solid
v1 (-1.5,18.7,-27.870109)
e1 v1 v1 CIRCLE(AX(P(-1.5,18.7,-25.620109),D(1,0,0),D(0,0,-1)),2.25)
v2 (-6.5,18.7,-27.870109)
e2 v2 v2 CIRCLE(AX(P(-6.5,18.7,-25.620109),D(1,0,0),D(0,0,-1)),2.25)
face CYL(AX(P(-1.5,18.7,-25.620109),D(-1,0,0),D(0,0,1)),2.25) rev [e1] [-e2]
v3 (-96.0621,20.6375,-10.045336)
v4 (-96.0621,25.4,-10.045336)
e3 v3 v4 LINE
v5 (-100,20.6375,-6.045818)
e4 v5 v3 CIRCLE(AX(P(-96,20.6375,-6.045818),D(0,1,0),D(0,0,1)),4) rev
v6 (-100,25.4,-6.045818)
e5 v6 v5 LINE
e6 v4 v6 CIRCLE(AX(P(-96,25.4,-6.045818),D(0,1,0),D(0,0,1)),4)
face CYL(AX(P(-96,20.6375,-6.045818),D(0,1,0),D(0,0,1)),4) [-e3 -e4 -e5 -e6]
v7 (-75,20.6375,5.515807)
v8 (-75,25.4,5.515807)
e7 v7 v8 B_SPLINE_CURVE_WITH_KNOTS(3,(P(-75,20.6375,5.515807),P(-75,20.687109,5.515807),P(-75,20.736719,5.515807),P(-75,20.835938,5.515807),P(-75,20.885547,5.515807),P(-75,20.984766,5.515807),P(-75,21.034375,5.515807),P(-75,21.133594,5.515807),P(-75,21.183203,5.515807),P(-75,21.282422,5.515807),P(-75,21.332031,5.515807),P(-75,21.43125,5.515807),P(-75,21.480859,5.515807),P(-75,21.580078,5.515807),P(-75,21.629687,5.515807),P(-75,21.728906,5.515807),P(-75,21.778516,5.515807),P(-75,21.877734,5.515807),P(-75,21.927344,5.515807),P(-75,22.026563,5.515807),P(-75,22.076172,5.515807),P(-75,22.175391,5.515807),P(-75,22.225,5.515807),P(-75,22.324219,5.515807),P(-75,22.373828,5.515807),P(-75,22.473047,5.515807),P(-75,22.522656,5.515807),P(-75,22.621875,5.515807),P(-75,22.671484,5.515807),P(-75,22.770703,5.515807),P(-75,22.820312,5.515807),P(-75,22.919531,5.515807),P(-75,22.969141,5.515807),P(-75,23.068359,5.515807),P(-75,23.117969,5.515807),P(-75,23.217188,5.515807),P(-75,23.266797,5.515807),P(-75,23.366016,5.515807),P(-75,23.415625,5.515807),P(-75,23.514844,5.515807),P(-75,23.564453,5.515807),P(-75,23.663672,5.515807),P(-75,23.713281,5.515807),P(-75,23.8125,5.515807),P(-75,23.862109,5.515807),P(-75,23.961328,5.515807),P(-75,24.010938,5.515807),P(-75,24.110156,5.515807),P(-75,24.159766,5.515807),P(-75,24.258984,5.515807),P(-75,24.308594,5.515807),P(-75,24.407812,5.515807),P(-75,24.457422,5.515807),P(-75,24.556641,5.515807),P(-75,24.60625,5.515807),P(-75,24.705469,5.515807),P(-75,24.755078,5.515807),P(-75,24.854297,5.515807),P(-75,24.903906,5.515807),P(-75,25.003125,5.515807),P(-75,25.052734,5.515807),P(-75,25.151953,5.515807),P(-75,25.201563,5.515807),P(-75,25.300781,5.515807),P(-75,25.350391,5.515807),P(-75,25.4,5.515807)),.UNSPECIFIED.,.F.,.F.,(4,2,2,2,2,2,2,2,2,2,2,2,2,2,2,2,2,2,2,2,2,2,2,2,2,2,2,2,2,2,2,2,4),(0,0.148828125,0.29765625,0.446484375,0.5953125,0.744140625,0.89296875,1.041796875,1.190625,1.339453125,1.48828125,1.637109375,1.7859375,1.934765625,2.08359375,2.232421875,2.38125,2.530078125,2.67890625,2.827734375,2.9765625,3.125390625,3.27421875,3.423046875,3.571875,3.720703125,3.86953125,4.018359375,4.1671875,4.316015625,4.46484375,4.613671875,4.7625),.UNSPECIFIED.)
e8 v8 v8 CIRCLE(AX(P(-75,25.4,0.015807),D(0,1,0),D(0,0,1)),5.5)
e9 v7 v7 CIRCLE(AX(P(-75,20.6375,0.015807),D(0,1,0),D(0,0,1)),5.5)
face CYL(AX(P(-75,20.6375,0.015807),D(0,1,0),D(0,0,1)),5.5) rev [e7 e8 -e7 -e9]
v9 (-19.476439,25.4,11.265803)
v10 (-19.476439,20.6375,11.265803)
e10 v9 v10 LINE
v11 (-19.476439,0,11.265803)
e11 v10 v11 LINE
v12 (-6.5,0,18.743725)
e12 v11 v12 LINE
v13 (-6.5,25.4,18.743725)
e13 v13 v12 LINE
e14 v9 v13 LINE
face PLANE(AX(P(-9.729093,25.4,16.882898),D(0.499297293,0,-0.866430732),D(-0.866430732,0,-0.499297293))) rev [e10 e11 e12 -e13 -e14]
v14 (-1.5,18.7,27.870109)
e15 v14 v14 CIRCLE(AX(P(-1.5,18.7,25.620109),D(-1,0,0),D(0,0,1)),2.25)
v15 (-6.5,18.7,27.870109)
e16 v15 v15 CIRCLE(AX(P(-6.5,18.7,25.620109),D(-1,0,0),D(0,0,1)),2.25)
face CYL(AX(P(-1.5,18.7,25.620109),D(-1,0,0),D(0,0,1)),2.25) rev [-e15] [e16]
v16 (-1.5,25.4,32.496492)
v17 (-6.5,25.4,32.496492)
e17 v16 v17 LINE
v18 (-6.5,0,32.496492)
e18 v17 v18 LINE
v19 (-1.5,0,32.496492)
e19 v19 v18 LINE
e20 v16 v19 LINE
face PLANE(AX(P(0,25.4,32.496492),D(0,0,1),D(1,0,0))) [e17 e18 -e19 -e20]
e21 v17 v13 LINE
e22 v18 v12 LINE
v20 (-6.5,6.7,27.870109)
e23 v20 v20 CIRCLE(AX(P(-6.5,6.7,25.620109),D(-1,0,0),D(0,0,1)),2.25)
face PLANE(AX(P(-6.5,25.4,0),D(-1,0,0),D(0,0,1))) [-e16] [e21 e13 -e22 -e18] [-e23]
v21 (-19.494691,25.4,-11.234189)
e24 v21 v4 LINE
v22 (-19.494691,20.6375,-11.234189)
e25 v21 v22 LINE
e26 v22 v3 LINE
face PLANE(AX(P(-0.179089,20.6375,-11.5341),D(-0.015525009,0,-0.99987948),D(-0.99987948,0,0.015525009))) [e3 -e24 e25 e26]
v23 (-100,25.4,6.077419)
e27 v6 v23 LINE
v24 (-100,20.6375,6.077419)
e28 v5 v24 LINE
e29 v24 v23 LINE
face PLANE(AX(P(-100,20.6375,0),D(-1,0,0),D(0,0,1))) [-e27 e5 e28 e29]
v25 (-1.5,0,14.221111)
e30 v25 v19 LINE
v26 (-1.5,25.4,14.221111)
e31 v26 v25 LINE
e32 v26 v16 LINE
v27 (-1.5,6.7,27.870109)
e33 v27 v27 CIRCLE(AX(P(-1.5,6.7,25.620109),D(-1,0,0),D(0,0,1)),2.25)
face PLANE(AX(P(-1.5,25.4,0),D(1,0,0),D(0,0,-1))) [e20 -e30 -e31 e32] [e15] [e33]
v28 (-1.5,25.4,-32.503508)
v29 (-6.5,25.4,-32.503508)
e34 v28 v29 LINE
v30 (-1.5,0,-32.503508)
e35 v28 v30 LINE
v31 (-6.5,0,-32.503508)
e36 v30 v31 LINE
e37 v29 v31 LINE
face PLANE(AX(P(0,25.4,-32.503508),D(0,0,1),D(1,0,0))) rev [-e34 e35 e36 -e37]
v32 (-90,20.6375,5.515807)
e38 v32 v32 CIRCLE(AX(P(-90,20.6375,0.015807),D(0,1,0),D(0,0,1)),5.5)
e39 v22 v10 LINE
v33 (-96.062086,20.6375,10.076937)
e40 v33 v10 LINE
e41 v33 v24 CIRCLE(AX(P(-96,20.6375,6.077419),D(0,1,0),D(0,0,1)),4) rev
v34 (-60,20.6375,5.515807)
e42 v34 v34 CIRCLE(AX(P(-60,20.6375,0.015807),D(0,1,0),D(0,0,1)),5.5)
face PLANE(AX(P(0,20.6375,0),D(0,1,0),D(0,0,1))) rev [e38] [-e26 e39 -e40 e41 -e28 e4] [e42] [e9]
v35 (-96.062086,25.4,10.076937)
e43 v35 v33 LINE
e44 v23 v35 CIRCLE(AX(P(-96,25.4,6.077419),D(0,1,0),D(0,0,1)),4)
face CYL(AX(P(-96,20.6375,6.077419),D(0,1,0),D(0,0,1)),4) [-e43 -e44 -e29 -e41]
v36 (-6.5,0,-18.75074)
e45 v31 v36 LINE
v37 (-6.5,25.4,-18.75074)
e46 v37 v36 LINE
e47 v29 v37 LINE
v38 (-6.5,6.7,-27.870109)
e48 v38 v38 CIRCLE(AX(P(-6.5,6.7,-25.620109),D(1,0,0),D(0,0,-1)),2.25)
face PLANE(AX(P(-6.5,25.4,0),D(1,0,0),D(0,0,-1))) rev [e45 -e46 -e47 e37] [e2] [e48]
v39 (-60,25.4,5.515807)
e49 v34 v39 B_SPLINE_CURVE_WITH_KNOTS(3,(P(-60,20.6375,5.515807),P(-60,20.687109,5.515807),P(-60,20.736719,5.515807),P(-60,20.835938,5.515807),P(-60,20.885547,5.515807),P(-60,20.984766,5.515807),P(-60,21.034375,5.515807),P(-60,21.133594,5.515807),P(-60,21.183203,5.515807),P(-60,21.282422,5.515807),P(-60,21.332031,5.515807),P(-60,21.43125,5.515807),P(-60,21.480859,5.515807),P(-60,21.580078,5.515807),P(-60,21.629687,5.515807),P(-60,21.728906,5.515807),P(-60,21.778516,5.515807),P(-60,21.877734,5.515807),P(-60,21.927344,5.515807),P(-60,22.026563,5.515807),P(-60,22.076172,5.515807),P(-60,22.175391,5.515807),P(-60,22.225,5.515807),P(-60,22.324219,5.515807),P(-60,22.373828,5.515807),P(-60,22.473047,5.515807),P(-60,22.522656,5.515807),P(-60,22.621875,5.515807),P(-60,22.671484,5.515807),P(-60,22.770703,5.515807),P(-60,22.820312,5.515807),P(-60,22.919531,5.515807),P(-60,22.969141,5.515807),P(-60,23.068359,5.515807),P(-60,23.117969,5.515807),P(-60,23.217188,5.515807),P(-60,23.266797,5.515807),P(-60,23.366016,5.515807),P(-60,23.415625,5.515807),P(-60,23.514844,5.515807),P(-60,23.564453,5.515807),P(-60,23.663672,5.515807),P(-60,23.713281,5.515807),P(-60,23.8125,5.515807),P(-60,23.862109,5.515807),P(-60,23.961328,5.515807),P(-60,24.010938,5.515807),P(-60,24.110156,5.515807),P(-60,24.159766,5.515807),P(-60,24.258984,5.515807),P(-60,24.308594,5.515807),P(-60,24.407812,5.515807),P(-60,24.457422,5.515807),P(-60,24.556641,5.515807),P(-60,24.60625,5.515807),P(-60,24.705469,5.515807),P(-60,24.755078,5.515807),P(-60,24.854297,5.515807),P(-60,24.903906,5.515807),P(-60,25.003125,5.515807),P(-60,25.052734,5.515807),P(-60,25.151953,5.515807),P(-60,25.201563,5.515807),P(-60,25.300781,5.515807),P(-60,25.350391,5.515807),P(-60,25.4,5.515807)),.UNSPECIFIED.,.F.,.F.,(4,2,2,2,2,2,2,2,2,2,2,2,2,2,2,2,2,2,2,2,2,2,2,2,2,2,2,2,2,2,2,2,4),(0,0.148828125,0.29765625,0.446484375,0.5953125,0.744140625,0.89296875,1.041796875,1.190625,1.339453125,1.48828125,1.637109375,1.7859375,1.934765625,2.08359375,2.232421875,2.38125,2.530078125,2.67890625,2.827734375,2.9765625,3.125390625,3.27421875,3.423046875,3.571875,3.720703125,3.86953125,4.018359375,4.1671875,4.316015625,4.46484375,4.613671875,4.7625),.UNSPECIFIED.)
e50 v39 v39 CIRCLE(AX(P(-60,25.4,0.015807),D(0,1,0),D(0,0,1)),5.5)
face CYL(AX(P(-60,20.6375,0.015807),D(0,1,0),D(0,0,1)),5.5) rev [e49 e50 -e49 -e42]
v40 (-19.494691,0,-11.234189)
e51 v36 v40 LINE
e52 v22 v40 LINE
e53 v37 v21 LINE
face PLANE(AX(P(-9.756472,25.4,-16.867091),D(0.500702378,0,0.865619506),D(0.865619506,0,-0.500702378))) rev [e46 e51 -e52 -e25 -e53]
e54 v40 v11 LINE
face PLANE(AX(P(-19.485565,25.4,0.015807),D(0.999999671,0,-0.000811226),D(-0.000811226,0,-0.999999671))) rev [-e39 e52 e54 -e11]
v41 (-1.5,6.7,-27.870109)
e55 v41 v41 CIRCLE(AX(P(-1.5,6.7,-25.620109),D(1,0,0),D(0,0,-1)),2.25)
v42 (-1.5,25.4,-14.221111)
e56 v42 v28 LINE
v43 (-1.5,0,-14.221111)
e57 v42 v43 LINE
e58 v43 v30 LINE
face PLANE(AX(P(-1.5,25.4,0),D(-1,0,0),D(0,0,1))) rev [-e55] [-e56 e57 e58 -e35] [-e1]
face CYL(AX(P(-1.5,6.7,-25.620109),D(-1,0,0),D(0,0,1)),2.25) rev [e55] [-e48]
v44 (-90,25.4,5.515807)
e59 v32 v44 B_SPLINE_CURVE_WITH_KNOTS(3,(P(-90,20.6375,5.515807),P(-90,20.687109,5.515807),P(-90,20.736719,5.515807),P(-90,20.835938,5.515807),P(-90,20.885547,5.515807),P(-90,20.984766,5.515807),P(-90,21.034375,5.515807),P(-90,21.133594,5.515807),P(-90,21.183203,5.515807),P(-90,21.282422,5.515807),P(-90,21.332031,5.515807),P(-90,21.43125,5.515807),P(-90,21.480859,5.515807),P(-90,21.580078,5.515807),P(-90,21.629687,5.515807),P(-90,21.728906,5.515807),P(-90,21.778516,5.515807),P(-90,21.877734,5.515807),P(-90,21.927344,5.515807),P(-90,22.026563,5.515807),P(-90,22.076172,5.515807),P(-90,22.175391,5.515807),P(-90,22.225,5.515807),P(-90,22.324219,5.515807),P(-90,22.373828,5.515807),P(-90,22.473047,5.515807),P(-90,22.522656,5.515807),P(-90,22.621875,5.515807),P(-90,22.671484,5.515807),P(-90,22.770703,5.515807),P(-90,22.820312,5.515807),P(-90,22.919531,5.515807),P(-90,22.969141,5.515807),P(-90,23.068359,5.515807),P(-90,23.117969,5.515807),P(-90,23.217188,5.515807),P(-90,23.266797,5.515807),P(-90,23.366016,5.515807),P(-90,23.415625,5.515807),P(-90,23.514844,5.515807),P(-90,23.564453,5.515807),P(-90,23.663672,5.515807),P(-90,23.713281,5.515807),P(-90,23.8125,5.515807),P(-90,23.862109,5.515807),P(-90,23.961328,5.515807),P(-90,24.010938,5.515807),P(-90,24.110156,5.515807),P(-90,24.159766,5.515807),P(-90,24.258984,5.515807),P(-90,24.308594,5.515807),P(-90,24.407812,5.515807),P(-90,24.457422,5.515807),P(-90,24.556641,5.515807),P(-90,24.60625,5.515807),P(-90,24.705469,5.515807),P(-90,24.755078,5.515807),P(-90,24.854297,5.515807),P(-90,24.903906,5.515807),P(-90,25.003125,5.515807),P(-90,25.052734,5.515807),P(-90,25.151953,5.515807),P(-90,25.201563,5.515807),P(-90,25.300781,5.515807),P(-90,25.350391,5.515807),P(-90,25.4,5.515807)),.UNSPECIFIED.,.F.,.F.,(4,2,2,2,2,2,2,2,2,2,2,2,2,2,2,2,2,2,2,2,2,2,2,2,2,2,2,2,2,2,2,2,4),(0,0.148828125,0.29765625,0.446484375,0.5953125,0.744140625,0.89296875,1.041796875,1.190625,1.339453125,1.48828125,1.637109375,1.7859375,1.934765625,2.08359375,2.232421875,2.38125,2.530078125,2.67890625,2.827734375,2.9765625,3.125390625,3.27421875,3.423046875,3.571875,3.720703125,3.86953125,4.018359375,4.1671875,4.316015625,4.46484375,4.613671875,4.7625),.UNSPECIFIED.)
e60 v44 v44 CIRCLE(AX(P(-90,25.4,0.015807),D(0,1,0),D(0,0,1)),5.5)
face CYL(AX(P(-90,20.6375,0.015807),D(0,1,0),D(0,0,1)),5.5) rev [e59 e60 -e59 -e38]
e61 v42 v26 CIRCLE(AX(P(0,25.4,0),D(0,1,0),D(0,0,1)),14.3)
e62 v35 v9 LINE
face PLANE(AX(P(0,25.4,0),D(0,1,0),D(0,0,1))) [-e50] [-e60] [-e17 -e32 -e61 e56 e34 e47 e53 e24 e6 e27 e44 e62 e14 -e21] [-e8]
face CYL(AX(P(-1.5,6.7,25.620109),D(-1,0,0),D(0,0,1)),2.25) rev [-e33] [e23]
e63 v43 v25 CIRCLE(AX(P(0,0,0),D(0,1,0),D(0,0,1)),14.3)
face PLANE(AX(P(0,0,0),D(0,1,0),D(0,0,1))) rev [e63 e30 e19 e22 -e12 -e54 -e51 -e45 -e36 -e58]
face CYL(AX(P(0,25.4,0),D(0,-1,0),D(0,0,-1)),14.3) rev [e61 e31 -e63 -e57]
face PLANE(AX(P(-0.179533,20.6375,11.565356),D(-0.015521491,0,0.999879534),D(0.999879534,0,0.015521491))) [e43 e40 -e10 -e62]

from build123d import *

# Parameters (mm, degrees)
BOSS_EXTRUDE1_DEPTH = 25.4
SKETCH2_R           = 2.25
CUT_EXTRUDE1_DEPTH  = 44.249277532
SKETCH3_R           = 5.5
BOSS_EXTRUDE2_DEPTH = 4.7625
FILLET1_R           = 4


with BuildPart() as part:
    # Sketch1 → Boss-Extrude1 (new body)
    with BuildSketch(Plane(origin=(0, 0, 0), x_dir=(1, 0, 0), z_dir=(0, 1, 0))):
        Polygon((-6.5, 18.750739811), (-1.5, 21.642901866), (-1.5, 32.503507515), (-6.5, 32.503507515), align=None)
        with BuildLine():
            Line((-1.5, -21.625070485), (-1.5, -14.221111068))
            ThreePointArc((-1.5, -14.221111068), (-14.3, 0), (-1.5, 14.221111068))
            Line((-1.5, 14.221111068), (-1.5, 21.642901866))
            Line((-1.5, 21.642901866), (-6.5, 18.750739811))
            Line((-6.5, 18.750739811), (-19.494691465, 11.234189098))
            Line((-19.494691465, 11.234189098), (-19.476438882, -11.265803499))
            Line((-19.476438882, -11.265803499), (-6.5, -18.743724782))
            Line((-6.5, -18.743724782), (-1.5, -21.625070485))
        make_face()
        Polygon((-1.5, -32.496492485), (-1.5, -21.625070485), (-6.5, -18.743724782), (-6.5, -32.496492485), align=None)
    extrude(amount=BOSS_EXTRUDE1_DEPTH)

    # Sketch2 → Cut-Extrude1 (cut, through all)
    with BuildSketch(Plane.ZY.offset(6.5)):
        with Locations((25.620108634, 18.7)):
            Circle(SKETCH2_R)
        with Locations((25.620108634, 6.7)):
            Circle(SKETCH2_R)
    cut_extrude1 = extrude(amount=-CUT_EXTRUDE1_DEPTH, mode=Mode.SUBTRACT)

    # Mirror1: Cut-Extrude1 across plane
    add(cut_extrude1.mirror(Plane.XY), mode=Mode.SUBTRACT)

    # Sketch3 → Boss-Extrude2 (add)
    with BuildSketch(Plane(origin=(0, 25.4, 0), x_dir=(1, 0, 0), z_dir=(0, 1, 0))):
        Polygon((-100, 9.984192799), (-100, -10.015807201), (-19.476438882, -11.265803499), (-19.494691465, 11.234189098), align=None)
        with Locations(Location((-60, -0.015807201, 0), (0, 0, 270))):
            Circle(SKETCH3_R, mode=Mode.SUBTRACT)
        with Locations(Location((-75, -0.015807201, 0), (0, 0, 270))):
            Circle(SKETCH3_R, mode=Mode.SUBTRACT)
        with Locations(Location((-90, -0.015807201, 0), (0, 0, 270))):
            Circle(SKETCH3_R, mode=Mode.SUBTRACT)
    extrude(amount=-BOSS_EXTRUDE2_DEPTH)

    # Fillet1
    fillet1_edges = [part.edges().sort_by_distance(p)[0] for p in [
        (-100, 23.01875, 10.015807201),
        (-100, 23.01875, -9.984192799),
    ]]
    fillet(fillet1_edges, radius=FILLET1_R)


solid = part.part
